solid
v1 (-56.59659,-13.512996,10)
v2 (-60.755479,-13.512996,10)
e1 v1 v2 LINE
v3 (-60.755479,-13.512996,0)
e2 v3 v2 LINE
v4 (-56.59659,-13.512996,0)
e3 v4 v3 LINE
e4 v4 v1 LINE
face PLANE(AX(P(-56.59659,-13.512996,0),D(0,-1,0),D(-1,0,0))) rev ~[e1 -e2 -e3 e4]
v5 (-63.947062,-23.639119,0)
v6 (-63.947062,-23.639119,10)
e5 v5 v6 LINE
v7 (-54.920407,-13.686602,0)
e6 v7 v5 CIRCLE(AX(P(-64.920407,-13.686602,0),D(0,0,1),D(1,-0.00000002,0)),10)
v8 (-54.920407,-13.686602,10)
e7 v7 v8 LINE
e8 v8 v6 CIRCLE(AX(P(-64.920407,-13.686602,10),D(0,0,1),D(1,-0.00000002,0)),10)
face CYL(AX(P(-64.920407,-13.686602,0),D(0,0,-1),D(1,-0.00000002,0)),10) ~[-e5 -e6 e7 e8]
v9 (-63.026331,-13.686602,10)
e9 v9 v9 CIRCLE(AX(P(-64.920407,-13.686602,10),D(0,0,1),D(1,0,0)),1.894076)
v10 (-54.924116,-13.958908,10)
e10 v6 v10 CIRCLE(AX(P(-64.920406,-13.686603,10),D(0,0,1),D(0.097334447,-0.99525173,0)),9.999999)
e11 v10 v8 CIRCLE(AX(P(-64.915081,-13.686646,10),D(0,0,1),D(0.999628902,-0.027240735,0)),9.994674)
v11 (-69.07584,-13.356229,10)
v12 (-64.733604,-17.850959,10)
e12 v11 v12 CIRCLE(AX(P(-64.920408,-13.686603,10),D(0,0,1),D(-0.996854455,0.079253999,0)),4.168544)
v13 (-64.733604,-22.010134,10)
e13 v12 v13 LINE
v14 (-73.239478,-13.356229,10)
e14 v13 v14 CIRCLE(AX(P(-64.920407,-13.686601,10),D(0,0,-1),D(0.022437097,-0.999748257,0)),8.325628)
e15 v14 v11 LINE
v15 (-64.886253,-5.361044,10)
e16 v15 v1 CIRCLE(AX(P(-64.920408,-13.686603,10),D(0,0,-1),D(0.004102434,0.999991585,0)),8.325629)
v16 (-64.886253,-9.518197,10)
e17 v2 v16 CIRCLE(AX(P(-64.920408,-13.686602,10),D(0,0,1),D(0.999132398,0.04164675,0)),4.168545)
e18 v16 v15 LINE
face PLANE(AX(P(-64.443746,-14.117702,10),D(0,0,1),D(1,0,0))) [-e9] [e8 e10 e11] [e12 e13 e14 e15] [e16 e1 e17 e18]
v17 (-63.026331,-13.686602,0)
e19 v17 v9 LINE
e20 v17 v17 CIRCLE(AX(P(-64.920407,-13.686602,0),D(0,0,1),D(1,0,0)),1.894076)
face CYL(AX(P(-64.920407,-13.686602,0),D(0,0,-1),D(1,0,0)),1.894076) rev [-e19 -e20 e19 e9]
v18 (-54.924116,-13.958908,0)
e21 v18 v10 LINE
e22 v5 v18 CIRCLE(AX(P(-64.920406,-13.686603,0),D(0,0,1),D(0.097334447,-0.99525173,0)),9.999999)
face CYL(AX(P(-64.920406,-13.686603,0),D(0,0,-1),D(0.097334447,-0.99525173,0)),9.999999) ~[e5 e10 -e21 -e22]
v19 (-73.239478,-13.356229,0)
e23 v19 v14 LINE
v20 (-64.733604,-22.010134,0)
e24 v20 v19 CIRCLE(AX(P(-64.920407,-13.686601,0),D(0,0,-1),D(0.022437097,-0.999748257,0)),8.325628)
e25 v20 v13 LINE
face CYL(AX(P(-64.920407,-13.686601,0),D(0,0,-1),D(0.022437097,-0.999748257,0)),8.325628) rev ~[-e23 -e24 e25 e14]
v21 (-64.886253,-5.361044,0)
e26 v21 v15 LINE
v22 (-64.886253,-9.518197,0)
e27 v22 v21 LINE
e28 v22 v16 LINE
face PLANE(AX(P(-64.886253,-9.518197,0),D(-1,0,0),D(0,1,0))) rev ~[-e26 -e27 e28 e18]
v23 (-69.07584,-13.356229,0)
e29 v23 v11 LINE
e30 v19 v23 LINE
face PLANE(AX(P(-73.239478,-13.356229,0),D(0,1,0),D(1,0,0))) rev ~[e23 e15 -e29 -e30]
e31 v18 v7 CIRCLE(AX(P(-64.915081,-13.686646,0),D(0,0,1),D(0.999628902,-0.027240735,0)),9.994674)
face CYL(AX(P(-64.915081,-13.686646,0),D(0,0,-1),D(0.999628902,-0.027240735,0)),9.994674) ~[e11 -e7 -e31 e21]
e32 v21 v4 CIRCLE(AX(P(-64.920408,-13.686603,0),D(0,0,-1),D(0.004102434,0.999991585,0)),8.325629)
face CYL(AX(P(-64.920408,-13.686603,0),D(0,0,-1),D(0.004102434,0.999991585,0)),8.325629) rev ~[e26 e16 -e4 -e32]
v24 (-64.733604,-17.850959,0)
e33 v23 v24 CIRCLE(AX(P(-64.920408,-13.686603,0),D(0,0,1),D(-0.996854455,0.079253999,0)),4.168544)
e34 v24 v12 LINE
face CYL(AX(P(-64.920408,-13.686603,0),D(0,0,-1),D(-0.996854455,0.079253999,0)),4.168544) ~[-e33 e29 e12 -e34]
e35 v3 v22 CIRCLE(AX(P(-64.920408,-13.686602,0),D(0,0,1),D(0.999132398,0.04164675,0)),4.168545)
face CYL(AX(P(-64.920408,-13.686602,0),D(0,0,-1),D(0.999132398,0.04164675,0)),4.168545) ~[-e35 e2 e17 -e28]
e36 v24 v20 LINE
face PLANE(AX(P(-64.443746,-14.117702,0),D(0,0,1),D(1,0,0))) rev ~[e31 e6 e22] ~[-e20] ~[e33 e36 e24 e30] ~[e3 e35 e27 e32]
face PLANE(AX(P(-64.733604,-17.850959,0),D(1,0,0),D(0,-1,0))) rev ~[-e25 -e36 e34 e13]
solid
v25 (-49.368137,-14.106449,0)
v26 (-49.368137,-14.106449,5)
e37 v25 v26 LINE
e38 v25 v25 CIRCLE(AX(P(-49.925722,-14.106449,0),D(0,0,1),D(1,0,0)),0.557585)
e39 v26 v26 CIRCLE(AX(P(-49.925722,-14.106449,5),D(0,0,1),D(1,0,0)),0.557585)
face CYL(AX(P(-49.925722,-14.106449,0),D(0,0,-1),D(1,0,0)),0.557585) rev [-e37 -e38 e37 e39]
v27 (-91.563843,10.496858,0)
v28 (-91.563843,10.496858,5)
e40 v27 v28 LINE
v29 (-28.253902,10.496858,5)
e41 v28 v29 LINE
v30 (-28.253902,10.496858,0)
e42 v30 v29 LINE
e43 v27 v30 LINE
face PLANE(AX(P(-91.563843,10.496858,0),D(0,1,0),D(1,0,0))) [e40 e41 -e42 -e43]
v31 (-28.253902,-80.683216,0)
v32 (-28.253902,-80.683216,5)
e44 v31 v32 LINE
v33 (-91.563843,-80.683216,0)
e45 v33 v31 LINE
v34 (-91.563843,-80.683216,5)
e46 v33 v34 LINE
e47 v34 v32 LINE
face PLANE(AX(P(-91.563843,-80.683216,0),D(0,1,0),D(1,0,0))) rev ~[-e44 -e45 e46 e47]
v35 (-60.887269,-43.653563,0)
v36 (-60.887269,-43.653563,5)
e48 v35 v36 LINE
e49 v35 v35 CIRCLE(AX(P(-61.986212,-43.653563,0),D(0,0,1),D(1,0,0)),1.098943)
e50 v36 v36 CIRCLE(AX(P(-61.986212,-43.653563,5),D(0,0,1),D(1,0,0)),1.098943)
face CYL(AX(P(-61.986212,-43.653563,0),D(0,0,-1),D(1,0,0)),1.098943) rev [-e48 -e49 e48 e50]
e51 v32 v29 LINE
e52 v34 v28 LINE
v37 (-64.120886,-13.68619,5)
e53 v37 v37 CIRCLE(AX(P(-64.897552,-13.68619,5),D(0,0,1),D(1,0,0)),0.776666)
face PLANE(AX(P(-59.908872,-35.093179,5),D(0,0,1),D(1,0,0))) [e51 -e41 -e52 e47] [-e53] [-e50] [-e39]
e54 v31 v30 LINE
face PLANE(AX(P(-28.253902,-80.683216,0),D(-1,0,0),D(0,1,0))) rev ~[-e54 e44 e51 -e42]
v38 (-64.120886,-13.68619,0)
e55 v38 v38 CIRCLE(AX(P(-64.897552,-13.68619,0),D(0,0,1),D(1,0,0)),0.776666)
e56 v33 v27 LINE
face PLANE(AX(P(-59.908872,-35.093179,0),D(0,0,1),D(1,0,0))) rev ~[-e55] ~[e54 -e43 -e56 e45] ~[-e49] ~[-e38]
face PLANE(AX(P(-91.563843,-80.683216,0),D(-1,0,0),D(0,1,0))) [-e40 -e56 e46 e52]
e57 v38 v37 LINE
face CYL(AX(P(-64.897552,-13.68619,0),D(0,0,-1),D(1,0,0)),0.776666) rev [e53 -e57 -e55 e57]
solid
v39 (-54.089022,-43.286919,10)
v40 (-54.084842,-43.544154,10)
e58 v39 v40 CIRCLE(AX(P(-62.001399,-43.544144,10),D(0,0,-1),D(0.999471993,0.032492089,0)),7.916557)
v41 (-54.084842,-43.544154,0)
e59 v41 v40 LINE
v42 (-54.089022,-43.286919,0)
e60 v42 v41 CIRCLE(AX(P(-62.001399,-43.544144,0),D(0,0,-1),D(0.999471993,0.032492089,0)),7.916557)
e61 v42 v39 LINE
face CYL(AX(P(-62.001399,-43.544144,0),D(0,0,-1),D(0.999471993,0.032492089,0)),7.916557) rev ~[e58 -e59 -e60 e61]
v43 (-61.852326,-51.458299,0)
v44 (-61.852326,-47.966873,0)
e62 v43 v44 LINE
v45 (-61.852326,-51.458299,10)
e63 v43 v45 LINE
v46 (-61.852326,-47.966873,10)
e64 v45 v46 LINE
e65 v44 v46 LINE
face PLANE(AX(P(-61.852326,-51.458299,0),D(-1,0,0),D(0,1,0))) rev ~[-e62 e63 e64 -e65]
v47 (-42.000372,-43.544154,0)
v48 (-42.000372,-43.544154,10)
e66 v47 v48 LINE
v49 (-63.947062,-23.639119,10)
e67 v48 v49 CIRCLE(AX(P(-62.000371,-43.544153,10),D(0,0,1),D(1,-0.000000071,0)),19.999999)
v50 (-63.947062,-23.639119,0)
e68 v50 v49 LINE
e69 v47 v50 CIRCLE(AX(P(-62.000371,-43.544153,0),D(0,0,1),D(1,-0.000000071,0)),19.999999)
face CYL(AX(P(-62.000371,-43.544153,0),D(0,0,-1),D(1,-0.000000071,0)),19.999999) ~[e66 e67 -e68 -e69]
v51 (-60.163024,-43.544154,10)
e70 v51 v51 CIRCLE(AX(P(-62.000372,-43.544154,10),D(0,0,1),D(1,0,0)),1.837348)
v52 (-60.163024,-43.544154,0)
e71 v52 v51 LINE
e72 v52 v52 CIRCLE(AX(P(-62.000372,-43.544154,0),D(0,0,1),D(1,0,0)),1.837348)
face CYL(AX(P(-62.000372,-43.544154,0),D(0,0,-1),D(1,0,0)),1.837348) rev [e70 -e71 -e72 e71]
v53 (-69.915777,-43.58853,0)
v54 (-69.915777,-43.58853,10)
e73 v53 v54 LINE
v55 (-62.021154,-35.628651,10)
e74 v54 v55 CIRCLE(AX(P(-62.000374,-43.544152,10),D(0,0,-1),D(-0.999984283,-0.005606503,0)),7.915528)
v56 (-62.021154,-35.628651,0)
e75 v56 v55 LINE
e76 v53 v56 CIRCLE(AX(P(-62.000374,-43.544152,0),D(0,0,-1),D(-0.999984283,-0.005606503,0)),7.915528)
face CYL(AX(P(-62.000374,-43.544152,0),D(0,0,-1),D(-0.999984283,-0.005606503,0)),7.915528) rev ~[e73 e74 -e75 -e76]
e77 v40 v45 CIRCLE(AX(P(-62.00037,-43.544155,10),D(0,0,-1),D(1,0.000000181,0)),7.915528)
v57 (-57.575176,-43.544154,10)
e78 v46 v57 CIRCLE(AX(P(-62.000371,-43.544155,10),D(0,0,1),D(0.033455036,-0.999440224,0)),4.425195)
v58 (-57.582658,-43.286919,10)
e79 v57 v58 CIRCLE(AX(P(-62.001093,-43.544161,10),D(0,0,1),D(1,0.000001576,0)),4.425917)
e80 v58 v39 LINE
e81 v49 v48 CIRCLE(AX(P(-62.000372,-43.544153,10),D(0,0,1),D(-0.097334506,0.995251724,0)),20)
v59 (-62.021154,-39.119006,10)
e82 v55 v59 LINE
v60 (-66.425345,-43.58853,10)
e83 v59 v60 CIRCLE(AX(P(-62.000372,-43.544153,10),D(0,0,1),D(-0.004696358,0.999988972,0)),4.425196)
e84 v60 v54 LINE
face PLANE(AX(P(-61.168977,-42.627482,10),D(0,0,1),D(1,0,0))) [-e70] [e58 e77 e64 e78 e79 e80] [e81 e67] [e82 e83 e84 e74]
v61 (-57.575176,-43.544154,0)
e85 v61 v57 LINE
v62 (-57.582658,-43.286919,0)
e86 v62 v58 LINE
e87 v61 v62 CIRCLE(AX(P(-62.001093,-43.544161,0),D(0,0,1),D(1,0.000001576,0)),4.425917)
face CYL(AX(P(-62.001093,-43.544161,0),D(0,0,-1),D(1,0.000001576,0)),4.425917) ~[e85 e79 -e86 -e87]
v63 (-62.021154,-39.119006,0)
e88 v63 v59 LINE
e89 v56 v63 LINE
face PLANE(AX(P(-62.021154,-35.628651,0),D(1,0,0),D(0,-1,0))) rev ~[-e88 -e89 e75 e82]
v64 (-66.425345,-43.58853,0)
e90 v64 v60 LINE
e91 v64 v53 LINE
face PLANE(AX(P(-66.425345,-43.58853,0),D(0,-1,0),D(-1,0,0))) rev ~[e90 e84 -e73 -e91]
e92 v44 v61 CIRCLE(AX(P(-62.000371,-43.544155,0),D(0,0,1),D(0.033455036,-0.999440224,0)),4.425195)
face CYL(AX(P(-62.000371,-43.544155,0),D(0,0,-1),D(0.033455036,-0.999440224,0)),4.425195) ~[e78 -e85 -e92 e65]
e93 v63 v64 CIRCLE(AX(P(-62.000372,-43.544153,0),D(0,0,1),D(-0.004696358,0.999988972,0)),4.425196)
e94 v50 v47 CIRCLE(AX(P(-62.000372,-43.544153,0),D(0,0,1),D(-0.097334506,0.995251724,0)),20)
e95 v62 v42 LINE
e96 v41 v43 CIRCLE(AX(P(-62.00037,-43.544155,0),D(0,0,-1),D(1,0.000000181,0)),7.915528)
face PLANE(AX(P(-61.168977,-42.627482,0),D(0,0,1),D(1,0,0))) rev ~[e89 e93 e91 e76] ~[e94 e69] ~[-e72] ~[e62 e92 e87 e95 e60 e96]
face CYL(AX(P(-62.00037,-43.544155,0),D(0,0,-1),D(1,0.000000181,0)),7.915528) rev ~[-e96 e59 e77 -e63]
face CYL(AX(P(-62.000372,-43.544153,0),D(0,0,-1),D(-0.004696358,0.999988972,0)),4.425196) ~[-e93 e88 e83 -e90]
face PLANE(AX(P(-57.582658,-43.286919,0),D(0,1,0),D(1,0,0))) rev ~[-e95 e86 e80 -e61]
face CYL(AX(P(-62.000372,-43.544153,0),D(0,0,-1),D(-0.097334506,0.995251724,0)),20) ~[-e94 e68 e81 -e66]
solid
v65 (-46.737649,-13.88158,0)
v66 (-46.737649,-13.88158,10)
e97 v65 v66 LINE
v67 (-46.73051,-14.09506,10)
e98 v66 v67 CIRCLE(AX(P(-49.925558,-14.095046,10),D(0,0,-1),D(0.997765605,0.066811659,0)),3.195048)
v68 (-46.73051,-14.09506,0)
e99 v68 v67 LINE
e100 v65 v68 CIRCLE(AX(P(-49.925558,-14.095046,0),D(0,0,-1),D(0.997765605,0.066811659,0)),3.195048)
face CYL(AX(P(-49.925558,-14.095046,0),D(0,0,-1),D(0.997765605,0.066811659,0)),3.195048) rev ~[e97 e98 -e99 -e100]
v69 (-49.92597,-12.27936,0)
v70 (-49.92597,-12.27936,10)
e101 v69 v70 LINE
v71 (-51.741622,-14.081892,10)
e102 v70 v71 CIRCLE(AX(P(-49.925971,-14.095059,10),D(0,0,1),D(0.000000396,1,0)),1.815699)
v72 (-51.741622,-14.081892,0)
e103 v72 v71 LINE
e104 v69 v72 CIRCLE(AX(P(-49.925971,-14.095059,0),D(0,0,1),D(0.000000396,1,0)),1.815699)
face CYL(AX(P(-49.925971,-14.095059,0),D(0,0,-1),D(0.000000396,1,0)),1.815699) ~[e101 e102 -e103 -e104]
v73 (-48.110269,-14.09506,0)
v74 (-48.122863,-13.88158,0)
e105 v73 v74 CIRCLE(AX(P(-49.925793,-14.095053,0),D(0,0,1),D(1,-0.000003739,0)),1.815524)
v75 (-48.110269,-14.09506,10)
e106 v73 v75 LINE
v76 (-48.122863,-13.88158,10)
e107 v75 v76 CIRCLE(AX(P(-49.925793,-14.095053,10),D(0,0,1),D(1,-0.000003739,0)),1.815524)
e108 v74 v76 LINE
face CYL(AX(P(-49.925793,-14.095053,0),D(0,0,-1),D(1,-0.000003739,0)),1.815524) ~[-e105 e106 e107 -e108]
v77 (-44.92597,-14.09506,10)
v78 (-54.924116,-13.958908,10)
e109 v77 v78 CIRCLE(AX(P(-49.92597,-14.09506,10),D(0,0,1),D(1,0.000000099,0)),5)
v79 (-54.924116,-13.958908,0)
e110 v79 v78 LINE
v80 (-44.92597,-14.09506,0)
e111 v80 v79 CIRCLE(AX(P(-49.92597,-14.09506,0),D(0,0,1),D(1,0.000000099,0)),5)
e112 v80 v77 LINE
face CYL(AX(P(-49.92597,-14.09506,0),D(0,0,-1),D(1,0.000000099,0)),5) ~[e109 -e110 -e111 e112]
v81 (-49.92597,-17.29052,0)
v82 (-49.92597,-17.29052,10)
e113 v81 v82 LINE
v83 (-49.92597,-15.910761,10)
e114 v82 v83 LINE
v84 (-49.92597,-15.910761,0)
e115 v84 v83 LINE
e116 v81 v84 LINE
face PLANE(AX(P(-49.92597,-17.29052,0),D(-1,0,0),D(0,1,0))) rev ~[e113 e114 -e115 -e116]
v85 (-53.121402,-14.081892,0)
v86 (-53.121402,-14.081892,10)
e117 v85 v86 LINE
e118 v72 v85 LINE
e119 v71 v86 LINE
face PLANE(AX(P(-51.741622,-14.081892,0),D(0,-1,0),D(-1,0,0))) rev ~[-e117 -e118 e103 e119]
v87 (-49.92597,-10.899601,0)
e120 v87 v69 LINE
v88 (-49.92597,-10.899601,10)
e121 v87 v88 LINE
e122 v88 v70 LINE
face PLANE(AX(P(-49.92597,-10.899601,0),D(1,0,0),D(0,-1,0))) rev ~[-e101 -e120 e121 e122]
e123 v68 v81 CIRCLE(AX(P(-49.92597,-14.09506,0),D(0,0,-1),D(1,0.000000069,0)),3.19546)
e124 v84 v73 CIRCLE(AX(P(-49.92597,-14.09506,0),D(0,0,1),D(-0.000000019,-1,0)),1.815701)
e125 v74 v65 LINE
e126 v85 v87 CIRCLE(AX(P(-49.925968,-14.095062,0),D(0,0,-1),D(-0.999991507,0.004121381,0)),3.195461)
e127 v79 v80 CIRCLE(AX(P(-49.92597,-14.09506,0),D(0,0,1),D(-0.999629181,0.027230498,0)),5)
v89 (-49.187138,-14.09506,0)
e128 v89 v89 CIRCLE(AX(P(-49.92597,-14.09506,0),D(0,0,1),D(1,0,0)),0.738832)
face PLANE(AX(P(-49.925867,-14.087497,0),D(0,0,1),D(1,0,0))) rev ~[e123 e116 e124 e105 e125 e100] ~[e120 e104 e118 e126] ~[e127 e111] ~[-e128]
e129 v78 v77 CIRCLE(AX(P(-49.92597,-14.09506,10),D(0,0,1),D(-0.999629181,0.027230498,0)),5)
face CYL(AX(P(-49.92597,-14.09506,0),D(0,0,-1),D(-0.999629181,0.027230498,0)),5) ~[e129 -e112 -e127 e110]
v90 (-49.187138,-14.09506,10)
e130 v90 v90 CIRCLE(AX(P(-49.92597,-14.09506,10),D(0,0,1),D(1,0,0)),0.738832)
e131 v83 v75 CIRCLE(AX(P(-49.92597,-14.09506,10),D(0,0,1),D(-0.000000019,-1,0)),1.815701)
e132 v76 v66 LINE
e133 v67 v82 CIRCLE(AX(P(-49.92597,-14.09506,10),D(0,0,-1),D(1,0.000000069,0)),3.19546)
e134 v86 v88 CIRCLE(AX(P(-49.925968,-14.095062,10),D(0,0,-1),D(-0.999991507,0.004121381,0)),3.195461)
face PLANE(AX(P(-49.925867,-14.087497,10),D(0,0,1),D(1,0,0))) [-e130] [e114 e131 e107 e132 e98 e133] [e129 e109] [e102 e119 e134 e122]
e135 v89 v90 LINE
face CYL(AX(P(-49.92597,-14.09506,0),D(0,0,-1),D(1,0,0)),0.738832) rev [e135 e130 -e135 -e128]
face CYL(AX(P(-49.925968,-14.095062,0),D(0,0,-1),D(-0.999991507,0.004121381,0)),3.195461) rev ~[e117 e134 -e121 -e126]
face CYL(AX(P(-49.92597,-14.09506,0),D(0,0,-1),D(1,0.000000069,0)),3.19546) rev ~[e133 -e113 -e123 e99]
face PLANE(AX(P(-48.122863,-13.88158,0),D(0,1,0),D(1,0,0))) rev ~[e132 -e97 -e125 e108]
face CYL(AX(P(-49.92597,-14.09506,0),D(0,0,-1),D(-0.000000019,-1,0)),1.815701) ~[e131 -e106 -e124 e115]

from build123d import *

# Parameters (mm, degrees)
F0_R     = 1.894076
F0_R_2   = 1.837348
F0_R_3   = 0.738832
F1_DEPTH = 10
F2_W     = 63.309941
F2_H     = 91.180074
F2_R     = 1.098943
F2_R_2   = 0.776666
F2_R_3   = 0.557585
F3_DEPTH = 5


with BuildPart() as f1:
    # F0 (on Top) → F1 (new body)
    with BuildSketch(Plane.XY):
        with BuildLine():
            ThreePointArc((-54.924116, -13.958908), (-54.921334, -13.822768), (-54.920407, -13.686602))
            ThreePointArc((-54.920407, -13.686602), (-72.327615, -6.968472), (-63.947062, -23.639119))
            ThreePointArc((-63.947062, -23.639119), (-57.605364, -20.50497), (-54.924116, -13.958908))
        make_face()
        with BuildLine():
            ThreePointArc((-56.59659, -13.512996), (-56.595232, -13.599794), (-56.59478, -13.686602))
            ThreePointArc((-56.59478, -13.686602), (-58.967621, -19.50729), (-64.733604, -22.010134))
            ThreePointArc((-64.733604, -22.010134), (-70.85808, -19.522707), (-73.239478, -13.356229))
            ThreePointArc((-73.239478, -13.356229), (-70.677204, -7.672005), (-64.886253, -5.361044))
            ThreePointArc((-64.886253, -5.361044), (-59.082814, -7.750393), (-56.59659, -13.512996))
        make_face(mode=Mode.SUBTRACT)
        with BuildLine():
            Line((-64.886253, -9.518197), (-64.886253, -5.361044))
            ThreePointArc((-64.886253, -5.361044), (-70.677204, -7.672005), (-73.239478, -13.356229))
            Line((-73.239478, -13.356229), (-69.07584, -13.356229))
            ThreePointArc((-69.07584, -13.356229), (-67.73623, -10.612856), (-64.886253, -9.518197))
        make_face()
        with BuildLine():
            ThreePointArc((-64.733604, -22.010134), (-58.967621, -19.50729), (-56.59478, -13.686602))
            ThreePointArc((-56.59478, -13.686602), (-56.595232, -13.599794), (-56.59659, -13.512996))
            Line((-56.59659, -13.512996), (-60.755479, -13.512996))
            ThreePointArc((-60.755479, -13.512996), (-60.752767, -13.59978), (-60.751862, -13.686602))
            ThreePointArc((-60.751862, -13.686602), (-61.90748, -16.567406), (-64.733604, -17.850959))
            Line((-64.733604, -17.850959), (-64.733604, -22.010134))
        make_face()
        with BuildLine():
            ThreePointArc((-60.751862, -13.686602), (-60.752767, -13.59978), (-60.755479, -13.512996))
            ThreePointArc((-60.755479, -13.512996), (-62.022533, -10.690089), (-64.886253, -9.518197))
            ThreePointArc((-64.886253, -9.518197), (-67.73623, -10.612856), (-69.07584, -13.356229))
            ThreePointArc((-69.07584, -13.356229), (-67.918433, -16.582912), (-64.733604, -17.850959))
            ThreePointArc((-64.733604, -17.850959), (-61.90748, -16.567406), (-60.751862, -13.686602))
        make_face()
        with Locations((-64.920407, -13.686602)):
            Circle(F0_R, mode=Mode.SUBTRACT)
        with BuildLine():
            ThreePointArc((-42.000372, -43.544154), (-48.564111, -28.729738), (-63.947062, -23.639119))
            ThreePointArc((-63.947062, -23.639119), (-75.436632, -58.358569), (-42.000372, -43.544154))
        make_face()
        with BuildLine():
            ThreePointArc((-54.089022, -43.286919), (-54.085887, -43.415519), (-54.084842, -43.544154))
            ThreePointArc((-54.084842, -43.544154), (-56.351147, -49.08869), (-61.852326, -51.458299))
            ThreePointArc((-61.852326, -51.458299), (-67.52905, -49.208898), (-69.915777, -43.58853))
            ThreePointArc((-69.915777, -43.58853), (-67.620487, -37.970113), (-62.021154, -35.628651))
            ThreePointArc((-62.021154, -35.628651), (-56.502415, -37.849587), (-54.089022, -43.286919))
        make_face(mode=Mode.SUBTRACT)
        with BuildLine():
            Line((-57.582658, -43.286919), (-54.089022, -43.286919))
            ThreePointArc((-54.089022, -43.286919), (-56.502415, -37.849587), (-62.021154, -35.628651))
            Line((-62.021154, -35.628651), (-62.021154, -39.119006))
            ThreePointArc((-62.021154, -39.119006), (-58.97116, -40.318284), (-57.582658, -43.286919))
        make_face()
        with BuildLine():
            ThreePointArc((-69.915777, -43.58853), (-67.52905, -49.208898), (-61.852326, -51.458299))
            Line((-61.852326, -51.458299), (-61.852326, -47.966873))
            ThreePointArc((-61.852326, -47.966873), (-65.060682, -46.740536), (-66.425345, -43.58853))
            Line((-66.425345, -43.58853), (-69.915777, -43.58853))
        make_face()
        with BuildLine():
            ThreePointArc((-57.575176, -43.544154), (-57.577047, -43.415482), (-57.582658, -43.286919))
            ThreePointArc((-57.582658, -43.286919), (-58.97116, -40.318284), (-62.021154, -39.119006))
            ThreePointArc((-62.021154, -39.119006), (-65.152411, -40.43819), (-66.425345, -43.58853))
            ThreePointArc((-66.425345, -43.58853), (-65.060682, -46.740536), (-61.852326, -47.966873))
            ThreePointArc((-61.852326, -47.966873), (-58.819374, -46.620453), (-57.575176, -43.544154))
        make_face()
        with Locations((-62.000372, -43.544154)):
            Circle(F0_R_2, mode=Mode.SUBTRACT)
        with BuildLine():
            ThreePointArc((-44.92597, -14.09506), (-49.857887, -9.095524), (-54.924116, -13.958908))
            ThreePointArc((-54.924116, -13.958908), (-49.994052, -19.094597), (-44.92597, -14.09506))
        make_face()
        with BuildLine():
            ThreePointArc((-46.737649, -13.88158), (-46.732295, -13.988261), (-46.73051, -14.09506))
            ThreePointArc((-46.73051, -14.09506), (-47.666439, -16.354592), (-49.92597, -17.29052))
            ThreePointArc((-49.92597, -17.29052), (-52.190152, -16.349931), (-53.121402, -14.081892))
            ThreePointArc((-53.121402, -14.081892), (-52.18084, -11.830879), (-49.92597, -10.899601))
            ThreePointArc((-49.92597, -10.899601), (-47.74322, -11.761273), (-46.737649, -13.88158))
        make_face(mode=Mode.SUBTRACT)
        with BuildLine():
            ThreePointArc((-53.121402, -14.081892), (-52.190152, -16.349931), (-49.92597, -17.29052))
            Line((-49.92597, -17.29052), (-49.92597, -15.910761))
            ThreePointArc((-49.92597, -15.910761), (-51.214511, -15.37429), (-51.741622, -14.081892))
            Line((-51.741622, -14.081892), (-53.121402, -14.081892))
        make_face()
        with BuildLine():
            Line((-48.122863, -13.88158), (-46.737649, -13.88158))
            ThreePointArc((-46.737649, -13.88158), (-47.74322, -11.761273), (-49.92597, -10.899601))
            Line((-49.92597, -10.899601), (-49.92597, -12.27936))
            ThreePointArc((-49.92597, -12.27936), (-48.719912, -12.737787), (-48.122863, -13.88158))
        make_face()
        with BuildLine():
            ThreePointArc((-48.110269, -14.09506), (-48.11342, -13.988135), (-48.122863, -13.88158))
            ThreePointArc((-48.122863, -13.88158), (-48.719912, -12.737787), (-49.92597, -12.27936))
            ThreePointArc((-49.92597, -12.27936), (-51.2052, -12.806519), (-51.741622, -14.081892))
            ThreePointArc((-51.741622, -14.081892), (-51.214511, -15.37429), (-49.92597, -15.910761))
            ThreePointArc((-49.92597, -15.910761), (-48.642076, -15.378955), (-48.110269, -14.09506))
        make_face()
        with Locations((-49.92597, -14.09506)):
            Circle(F0_R_3, mode=Mode.SUBTRACT)
    extrude(amount=F1_DEPTH)


with BuildPart() as f3:
    # F2 (on Top) → F3 (new body)
    with BuildSketch(Plane.XY):
        with Locations((-59.908872, -35.093179)):
            Rectangle(F2_W, F2_H)
        with Locations((-61.986212, -43.653563)):
            Circle(F2_R, mode=Mode.SUBTRACT)
        with Locations((-64.897552, -13.68619)):
            Circle(F2_R_2, mode=Mode.SUBTRACT)
        with Locations((-49.925722, -14.106449)):
            Circle(F2_R_3, mode=Mode.SUBTRACT)
    extrude(amount=F3_DEPTH)


solid = Compound([f1.part, f3.part])
